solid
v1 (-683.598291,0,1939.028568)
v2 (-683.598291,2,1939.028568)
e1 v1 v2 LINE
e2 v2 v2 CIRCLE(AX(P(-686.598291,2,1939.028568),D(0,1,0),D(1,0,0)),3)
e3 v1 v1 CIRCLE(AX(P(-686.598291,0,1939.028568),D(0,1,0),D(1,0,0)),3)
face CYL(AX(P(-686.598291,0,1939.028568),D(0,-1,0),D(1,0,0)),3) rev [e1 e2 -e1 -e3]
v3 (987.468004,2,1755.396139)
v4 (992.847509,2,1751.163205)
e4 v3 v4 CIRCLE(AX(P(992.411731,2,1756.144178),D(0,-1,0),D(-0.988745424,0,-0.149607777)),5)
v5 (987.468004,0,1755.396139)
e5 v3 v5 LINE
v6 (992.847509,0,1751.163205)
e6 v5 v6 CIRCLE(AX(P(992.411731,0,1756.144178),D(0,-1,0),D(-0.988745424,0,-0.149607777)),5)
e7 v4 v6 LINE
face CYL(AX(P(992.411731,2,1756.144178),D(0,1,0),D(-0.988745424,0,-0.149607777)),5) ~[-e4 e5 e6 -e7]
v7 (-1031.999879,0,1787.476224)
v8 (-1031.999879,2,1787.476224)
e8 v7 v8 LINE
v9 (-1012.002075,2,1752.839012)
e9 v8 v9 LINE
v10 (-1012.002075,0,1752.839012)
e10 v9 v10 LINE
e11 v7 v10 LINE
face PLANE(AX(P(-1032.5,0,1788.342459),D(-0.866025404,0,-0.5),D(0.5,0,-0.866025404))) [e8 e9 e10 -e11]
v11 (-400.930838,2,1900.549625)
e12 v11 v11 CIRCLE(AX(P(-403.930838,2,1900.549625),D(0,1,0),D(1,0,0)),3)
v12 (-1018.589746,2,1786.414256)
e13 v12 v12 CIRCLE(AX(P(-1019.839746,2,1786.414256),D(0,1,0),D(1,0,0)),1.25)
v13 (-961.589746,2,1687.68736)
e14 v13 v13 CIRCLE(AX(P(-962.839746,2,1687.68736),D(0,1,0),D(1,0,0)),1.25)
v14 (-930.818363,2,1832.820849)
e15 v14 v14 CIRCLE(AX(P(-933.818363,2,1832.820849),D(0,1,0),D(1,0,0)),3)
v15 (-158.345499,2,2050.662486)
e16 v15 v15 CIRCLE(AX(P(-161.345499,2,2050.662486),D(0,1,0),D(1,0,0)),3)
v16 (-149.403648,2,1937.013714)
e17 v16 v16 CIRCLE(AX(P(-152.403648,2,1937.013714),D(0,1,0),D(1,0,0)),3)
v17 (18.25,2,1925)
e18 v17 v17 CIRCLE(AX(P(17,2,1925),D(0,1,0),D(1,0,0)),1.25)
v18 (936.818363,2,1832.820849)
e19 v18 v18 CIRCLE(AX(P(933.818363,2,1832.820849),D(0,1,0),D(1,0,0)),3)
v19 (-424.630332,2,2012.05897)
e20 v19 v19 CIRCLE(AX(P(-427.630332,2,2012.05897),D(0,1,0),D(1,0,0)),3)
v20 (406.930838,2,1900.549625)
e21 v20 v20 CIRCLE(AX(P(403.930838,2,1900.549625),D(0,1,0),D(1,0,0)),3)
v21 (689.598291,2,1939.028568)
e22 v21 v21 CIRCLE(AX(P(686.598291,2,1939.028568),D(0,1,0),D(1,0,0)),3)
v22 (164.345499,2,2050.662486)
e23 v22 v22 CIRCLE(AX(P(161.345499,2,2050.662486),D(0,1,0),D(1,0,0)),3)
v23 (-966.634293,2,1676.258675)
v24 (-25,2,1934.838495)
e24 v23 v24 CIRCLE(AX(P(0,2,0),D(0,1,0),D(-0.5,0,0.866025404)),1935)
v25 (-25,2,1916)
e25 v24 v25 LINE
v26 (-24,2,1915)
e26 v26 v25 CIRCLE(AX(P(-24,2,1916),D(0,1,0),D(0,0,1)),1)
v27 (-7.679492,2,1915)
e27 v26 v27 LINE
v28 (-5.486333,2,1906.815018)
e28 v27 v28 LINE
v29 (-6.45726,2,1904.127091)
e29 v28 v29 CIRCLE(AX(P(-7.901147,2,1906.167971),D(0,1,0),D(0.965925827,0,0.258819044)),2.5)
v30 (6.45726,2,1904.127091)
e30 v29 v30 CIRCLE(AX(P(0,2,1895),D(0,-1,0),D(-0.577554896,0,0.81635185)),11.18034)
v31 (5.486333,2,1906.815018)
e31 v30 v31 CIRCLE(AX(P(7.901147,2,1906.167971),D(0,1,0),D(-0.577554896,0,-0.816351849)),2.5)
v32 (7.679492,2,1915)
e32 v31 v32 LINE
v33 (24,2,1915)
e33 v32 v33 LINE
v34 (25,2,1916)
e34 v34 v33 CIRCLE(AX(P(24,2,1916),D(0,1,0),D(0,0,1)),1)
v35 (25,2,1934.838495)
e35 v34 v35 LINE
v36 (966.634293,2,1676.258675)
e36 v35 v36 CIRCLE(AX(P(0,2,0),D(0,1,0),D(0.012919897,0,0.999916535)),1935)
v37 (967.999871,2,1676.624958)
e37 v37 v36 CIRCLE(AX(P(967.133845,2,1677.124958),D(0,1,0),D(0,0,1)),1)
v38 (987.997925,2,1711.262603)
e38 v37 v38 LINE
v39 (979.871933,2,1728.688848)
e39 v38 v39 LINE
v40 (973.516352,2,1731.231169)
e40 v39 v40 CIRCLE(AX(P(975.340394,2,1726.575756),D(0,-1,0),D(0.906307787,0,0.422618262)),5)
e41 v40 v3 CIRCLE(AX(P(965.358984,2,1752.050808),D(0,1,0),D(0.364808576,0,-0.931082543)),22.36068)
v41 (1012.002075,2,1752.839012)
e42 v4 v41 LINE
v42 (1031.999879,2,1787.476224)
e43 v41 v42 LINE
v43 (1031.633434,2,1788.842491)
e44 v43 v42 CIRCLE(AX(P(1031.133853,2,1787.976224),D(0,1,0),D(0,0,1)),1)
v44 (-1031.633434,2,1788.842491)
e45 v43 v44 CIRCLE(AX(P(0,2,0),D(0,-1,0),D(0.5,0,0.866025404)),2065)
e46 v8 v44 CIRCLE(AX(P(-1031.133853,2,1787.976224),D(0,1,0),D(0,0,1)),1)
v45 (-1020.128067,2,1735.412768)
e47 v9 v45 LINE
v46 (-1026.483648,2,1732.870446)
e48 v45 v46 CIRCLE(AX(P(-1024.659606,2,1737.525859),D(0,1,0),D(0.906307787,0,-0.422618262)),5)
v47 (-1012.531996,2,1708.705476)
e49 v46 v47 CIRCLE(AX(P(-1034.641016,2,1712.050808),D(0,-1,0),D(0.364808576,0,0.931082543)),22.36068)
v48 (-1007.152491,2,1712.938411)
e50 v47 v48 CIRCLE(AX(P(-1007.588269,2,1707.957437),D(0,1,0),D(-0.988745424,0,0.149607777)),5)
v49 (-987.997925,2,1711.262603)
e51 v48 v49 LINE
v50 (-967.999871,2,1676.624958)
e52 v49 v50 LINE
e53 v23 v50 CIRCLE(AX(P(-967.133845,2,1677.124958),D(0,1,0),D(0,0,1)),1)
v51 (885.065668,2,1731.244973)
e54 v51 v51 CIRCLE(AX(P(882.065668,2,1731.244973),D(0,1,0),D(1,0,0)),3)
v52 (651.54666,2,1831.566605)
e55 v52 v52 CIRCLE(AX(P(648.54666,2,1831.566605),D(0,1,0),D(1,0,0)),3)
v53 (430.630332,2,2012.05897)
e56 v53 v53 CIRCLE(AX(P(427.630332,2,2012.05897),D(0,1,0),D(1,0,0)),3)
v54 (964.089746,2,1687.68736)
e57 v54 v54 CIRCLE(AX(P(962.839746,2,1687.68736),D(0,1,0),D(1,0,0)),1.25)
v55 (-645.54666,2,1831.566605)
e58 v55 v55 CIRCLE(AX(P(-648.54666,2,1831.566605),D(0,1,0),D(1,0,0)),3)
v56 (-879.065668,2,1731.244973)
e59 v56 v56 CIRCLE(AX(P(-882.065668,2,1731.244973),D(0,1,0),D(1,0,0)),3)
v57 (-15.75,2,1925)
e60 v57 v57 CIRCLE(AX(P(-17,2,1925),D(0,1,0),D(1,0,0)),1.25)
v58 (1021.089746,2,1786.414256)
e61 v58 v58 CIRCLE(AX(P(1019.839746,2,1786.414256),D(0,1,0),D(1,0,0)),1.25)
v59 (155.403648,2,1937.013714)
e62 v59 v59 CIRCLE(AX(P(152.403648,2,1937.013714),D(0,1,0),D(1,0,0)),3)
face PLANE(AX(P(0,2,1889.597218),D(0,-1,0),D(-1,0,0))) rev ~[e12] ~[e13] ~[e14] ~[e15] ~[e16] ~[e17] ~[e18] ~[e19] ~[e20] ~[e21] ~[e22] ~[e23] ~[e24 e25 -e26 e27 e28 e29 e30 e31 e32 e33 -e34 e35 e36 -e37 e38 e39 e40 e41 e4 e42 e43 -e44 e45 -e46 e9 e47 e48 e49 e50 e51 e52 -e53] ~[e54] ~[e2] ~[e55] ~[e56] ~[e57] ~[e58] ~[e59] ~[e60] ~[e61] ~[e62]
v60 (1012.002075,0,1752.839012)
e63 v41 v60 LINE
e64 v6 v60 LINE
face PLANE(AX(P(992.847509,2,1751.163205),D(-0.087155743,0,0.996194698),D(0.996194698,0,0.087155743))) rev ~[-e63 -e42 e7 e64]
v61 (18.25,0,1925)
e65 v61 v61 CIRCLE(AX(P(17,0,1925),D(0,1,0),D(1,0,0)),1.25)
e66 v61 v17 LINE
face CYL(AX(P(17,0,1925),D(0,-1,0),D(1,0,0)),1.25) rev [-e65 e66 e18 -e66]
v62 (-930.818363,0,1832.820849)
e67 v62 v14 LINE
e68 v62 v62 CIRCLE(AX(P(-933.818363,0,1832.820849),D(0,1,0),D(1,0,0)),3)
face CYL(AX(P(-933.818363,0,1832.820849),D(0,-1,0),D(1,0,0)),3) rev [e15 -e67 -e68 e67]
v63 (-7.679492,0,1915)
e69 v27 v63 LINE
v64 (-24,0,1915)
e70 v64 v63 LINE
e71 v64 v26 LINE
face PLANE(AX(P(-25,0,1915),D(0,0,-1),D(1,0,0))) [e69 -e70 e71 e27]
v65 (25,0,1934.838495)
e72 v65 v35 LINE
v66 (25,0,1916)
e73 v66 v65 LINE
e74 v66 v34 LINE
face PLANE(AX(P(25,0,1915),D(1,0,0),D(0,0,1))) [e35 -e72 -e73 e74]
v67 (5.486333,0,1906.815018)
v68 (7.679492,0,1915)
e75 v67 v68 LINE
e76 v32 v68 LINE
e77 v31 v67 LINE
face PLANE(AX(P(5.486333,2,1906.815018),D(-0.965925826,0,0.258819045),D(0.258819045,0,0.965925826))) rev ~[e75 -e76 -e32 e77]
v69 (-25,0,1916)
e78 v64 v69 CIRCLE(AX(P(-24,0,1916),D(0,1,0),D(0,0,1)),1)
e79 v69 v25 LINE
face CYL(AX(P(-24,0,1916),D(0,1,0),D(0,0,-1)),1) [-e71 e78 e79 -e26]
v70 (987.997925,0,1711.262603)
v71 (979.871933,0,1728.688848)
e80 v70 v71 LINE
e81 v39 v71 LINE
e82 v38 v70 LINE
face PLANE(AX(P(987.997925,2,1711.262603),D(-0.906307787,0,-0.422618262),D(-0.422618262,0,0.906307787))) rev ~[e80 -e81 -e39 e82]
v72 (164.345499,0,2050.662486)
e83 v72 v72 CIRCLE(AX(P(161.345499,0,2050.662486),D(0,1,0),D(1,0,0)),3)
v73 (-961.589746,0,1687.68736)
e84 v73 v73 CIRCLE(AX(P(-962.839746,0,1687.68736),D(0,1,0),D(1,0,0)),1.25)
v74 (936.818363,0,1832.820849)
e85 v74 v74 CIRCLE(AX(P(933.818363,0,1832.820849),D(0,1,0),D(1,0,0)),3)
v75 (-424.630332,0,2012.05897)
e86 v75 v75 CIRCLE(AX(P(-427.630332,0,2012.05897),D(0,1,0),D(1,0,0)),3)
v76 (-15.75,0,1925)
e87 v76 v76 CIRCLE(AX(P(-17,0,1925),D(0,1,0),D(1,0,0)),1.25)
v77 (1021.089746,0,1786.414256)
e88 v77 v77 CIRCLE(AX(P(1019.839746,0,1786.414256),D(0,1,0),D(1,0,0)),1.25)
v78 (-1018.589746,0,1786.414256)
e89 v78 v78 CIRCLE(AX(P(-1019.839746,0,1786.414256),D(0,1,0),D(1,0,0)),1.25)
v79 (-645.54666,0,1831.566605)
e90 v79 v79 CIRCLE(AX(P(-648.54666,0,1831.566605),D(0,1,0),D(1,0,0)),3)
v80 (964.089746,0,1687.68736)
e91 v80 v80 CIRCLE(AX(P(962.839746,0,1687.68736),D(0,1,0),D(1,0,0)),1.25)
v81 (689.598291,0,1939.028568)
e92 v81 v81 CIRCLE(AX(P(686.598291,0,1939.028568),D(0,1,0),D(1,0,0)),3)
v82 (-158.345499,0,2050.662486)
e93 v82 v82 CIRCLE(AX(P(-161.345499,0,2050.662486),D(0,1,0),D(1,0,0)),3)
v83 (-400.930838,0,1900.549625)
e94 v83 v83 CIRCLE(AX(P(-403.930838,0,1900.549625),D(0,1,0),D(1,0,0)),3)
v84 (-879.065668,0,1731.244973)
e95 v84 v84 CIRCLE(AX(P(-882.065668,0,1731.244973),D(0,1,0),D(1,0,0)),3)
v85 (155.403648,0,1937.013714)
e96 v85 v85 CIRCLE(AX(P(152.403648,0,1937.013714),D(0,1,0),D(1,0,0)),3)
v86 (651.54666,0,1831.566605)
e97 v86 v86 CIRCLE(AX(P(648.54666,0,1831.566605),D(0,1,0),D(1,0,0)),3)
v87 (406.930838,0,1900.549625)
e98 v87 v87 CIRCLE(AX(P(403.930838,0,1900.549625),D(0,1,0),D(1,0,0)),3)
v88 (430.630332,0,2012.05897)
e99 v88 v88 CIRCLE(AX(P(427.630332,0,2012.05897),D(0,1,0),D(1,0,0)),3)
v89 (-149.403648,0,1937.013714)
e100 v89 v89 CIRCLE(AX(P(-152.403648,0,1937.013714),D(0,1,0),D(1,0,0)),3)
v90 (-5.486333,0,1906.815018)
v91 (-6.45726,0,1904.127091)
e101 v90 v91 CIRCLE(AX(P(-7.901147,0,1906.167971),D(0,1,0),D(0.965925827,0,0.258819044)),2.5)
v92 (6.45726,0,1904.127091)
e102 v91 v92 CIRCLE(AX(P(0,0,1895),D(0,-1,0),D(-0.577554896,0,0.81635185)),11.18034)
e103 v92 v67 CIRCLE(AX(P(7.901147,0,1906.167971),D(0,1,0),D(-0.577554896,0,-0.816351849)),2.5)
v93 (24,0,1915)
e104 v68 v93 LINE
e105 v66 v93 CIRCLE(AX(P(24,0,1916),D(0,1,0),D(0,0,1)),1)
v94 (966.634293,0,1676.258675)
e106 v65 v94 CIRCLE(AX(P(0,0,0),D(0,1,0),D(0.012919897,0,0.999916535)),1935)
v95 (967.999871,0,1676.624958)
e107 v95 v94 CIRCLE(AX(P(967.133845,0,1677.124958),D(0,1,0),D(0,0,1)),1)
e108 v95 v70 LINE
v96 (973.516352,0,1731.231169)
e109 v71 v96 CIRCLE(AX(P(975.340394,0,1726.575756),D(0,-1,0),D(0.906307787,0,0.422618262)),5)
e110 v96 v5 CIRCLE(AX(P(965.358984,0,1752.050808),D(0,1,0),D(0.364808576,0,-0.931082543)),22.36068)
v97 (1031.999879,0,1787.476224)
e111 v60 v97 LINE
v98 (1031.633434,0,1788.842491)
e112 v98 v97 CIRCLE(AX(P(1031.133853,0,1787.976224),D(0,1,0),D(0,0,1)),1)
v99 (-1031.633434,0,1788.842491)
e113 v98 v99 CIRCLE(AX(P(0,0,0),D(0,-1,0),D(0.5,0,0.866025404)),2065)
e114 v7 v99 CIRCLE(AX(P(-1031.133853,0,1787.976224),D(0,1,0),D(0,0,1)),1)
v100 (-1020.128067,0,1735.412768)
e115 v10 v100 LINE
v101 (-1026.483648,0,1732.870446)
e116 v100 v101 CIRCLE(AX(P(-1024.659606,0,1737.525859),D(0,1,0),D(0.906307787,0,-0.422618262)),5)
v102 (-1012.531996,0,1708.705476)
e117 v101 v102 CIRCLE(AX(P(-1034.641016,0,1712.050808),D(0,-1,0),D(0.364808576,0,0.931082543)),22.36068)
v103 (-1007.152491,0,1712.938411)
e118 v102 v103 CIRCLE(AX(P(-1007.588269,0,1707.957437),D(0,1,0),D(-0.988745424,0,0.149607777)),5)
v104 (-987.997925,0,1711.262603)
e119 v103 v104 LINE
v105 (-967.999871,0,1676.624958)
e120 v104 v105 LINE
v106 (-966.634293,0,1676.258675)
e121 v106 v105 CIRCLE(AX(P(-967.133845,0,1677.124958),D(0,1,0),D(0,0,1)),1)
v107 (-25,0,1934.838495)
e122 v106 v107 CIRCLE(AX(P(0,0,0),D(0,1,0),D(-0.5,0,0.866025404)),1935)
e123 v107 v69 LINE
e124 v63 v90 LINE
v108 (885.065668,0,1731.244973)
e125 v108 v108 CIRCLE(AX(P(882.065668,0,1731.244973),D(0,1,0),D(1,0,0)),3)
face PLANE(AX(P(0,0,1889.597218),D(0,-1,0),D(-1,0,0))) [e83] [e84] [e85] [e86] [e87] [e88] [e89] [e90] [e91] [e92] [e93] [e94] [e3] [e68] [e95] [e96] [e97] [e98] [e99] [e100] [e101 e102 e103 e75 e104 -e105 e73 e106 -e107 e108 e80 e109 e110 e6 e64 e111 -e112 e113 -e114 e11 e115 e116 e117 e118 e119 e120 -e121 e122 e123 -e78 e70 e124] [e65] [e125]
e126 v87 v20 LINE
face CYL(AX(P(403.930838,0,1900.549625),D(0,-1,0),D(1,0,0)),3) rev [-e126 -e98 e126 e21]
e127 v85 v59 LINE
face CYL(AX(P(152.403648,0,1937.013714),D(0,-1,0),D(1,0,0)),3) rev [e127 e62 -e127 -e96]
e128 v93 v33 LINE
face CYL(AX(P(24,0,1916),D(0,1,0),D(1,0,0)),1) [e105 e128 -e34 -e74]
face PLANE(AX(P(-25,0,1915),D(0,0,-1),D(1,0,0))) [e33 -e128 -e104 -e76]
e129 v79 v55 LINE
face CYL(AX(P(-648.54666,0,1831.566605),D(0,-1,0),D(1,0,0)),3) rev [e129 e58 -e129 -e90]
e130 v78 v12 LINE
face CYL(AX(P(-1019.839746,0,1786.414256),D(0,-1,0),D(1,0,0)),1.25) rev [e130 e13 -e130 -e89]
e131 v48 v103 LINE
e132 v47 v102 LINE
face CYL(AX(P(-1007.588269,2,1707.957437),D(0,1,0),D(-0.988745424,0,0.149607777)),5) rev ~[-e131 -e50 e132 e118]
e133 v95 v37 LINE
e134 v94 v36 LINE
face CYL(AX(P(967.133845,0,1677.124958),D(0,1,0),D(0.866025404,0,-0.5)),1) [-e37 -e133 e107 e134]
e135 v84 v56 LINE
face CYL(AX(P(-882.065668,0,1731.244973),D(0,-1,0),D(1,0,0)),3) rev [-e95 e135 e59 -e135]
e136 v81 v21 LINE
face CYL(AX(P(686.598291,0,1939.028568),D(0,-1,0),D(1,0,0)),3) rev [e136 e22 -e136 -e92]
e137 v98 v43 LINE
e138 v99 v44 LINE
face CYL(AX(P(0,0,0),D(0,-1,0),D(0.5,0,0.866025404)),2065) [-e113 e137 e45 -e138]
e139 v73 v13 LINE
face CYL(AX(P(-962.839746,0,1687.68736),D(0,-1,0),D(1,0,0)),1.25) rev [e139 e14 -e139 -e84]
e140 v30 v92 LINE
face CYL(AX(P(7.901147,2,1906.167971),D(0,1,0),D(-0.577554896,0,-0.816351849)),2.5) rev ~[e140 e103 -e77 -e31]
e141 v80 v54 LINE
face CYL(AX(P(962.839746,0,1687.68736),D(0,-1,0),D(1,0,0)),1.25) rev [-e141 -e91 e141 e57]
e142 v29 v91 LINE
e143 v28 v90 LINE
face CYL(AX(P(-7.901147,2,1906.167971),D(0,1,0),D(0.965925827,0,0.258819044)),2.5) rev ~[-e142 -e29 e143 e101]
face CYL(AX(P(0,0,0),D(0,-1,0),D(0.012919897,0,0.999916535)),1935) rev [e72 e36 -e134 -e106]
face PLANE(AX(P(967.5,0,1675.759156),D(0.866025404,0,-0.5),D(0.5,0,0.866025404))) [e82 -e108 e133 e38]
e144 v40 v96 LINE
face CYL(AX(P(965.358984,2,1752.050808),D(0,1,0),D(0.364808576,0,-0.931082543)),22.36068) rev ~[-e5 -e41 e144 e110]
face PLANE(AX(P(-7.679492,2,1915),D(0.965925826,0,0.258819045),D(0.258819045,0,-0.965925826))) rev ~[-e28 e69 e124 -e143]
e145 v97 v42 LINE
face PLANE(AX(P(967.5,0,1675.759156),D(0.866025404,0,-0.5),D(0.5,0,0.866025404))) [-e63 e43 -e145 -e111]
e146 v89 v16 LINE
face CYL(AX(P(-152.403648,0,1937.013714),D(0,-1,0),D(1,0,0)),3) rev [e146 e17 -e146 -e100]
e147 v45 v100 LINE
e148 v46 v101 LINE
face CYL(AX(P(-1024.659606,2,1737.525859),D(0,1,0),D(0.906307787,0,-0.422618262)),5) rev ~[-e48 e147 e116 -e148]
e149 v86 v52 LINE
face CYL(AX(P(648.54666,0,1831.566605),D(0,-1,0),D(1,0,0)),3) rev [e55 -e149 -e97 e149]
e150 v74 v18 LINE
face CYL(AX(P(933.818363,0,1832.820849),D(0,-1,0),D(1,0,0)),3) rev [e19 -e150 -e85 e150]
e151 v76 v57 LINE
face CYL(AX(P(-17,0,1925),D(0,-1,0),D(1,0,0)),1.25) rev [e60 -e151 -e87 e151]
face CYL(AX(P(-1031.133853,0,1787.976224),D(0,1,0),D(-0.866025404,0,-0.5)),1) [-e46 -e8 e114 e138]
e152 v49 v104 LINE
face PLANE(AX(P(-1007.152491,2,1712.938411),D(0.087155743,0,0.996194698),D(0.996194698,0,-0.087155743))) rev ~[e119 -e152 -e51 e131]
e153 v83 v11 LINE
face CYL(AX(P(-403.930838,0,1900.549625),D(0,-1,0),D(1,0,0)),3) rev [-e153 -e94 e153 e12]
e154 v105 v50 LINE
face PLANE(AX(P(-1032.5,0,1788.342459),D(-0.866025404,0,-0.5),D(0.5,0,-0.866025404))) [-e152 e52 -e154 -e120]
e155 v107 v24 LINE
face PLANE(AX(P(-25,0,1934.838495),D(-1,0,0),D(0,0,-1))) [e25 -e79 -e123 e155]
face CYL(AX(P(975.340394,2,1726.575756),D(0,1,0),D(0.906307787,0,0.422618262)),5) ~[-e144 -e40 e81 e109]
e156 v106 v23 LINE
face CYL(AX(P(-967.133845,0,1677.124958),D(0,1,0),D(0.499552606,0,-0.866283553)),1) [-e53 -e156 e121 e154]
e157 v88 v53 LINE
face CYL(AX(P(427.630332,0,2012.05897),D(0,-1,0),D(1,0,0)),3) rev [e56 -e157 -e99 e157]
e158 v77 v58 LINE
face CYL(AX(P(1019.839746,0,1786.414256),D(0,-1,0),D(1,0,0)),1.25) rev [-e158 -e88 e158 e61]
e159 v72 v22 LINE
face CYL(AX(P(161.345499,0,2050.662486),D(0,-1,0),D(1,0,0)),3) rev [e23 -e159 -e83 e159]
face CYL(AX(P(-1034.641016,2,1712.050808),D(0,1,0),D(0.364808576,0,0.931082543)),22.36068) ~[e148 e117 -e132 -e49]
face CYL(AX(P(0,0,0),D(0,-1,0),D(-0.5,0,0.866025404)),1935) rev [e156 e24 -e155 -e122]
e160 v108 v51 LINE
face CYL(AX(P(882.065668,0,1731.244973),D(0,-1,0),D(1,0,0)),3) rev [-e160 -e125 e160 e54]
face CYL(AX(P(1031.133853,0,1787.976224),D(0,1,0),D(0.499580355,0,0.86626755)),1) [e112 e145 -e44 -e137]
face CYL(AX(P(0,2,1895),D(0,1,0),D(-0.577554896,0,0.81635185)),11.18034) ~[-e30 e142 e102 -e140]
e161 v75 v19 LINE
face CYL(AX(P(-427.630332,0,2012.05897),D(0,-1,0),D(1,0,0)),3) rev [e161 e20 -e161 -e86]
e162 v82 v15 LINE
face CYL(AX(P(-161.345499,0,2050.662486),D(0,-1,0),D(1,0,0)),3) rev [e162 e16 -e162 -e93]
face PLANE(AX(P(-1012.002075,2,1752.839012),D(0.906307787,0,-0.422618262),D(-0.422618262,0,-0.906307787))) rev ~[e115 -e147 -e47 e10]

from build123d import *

# Parameters (mm, degrees)
SKETCH1_R           = 1.25
SKETCH1_R_2         = 3
BOSS_EXTRUDE2_DEPTH = 2
CUT_EXTRUDE2_DEPTH  = 2
BOSS_EXTRUDE3_DEPTH = 2
FILLET1_R           = 1


with BuildPart() as part:
    # Sketch1 → Boss-Extrude2 (new body)
    with BuildSketch(Plane(origin=(0, 0, 0), x_dir=(1, 0, 0), z_dir=(0, 1, 0))):
        with BuildLine():
            Line((967.5, -1675.759156323), (1032.5, -1788.342458815))
            ThreePointArc((1032.5, -1788.342458815), (0, -2065), (-1032.5, -1788.342458815))
            Line((-1032.5, -1788.342458815), (-967.5, -1675.759156323))
            ThreePointArc((-967.5, -1675.759156323), (-512.878726771, -1865.792167318), (-25, -1934.838494552))
            Line((-25, -1934.838494552), (-25, -1915))
            Line((-25, -1915), (25, -1915))
            Line((25, -1915), (25, -1934.838494552))
            ThreePointArc((25, -1934.838494552), (512.878726771, -1865.792167318), (967.5, -1675.759156323))
        make_face()
        with Locations((-17, -1925)):
            Circle(SKETCH1_R, mode=Mode.SUBTRACT)
        with Locations((17, -1925)):
            Circle(SKETCH1_R, mode=Mode.SUBTRACT)
        with Locations((962.839745962, -1687.687359553)):
            Circle(SKETCH1_R, mode=Mode.SUBTRACT)
        with Locations((1019.839745962, -1786.414255585)):
            Circle(SKETCH1_R, mode=Mode.SUBTRACT)
        with Locations((686.598290691, -1939.028567923)):
            Circle(SKETCH1_R_2, mode=Mode.SUBTRACT)
        with Locations((933.81836271, -1832.820849255)):
            Circle(SKETCH1_R_2, mode=Mode.SUBTRACT)
        with Locations((427.630331557, -2012.058970193)):
            Circle(SKETCH1_R_2, mode=Mode.SUBTRACT)
        with Locations((-1019.839745962, -1786.414255585)):
            Circle(SKETCH1_R, mode=Mode.SUBTRACT)
        with Locations((-962.839745962, -1687.687359553)):
            Circle(SKETCH1_R, mode=Mode.SUBTRACT)
        with Locations((161.345498888, -2050.662485634)):
            Circle(SKETCH1_R_2, mode=Mode.SUBTRACT)
        with Locations((882.06566784, -1731.244973312)):
            Circle(SKETCH1_R_2, mode=Mode.SUBTRACT)
        with Locations((648.546659607, -1831.566605481)):
            Circle(SKETCH1_R_2, mode=Mode.SUBTRACT)
        with Locations((403.930838218, -1900.549625223)):
            Circle(SKETCH1_R_2, mode=Mode.SUBTRACT)
        with Locations((152.403648196, -1937.013713946)):
            Circle(SKETCH1_R_2, mode=Mode.SUBTRACT)
        with Locations((-152.403648196, -1937.013713946)):
            Circle(SKETCH1_R_2, mode=Mode.SUBTRACT)
        with Locations((-403.930838218, -1900.549625223)):
            Circle(SKETCH1_R_2, mode=Mode.SUBTRACT)
        with Locations((-648.546659607, -1831.566605481)):
            Circle(SKETCH1_R_2, mode=Mode.SUBTRACT)
        with Locations((-882.06566784, -1731.244973312)):
            Circle(SKETCH1_R_2, mode=Mode.SUBTRACT)
        with Locations((-161.345498888, -2050.662485634)):
            Circle(SKETCH1_R_2, mode=Mode.SUBTRACT)
        with Locations((-427.630331557, -2012.058970193)):
            Circle(SKETCH1_R_2, mode=Mode.SUBTRACT)
        with Locations((-933.81836271, -1832.820849255)):
            Circle(SKETCH1_R_2, mode=Mode.SUBTRACT)
        with Locations((-686.598290691, -1939.028567923)):
            Circle(SKETCH1_R_2, mode=Mode.SUBTRACT)
    extrude(amount=BOSS_EXTRUDE2_DEPTH)

    # Sketch2 → Cut-Extrude2 (cut)
    with BuildSketch(Plane(origin=(0, 2, 0), x_dir=(1, 0, 0), z_dir=(0, 1, 0))):
        with BuildLine():
            Line((992.847509482, -1751.163204556), (1012.002075382, -1752.839011927))
            Line((1012.002075382, -1752.839011927), (987.997924618, -1711.262603211))
            Line((987.997924618, -1711.262603211), (979.871933423, -1728.688847565))
            ThreePointArc((979.871933423, -1728.688847565), (977.197403711, -1731.218117373), (973.516351606, -1731.231168973))
            ThreePointArc((973.516351606, -1731.231168973), (945.994067118, -1763.231147456), (987.468003649, -1755.396139162))
            ThreePointArc((987.468003649, -1755.396139162), (989.319832718, -1752.214780325), (992.847509482, -1751.163204556))
        make_face()
    extrude(amount=-CUT_EXTRUDE2_DEPTH, mode=Mode.SUBTRACT)

    # Sketch4 → Boss-Extrude3 (add)
    with BuildSketch(Plane(origin=(0, 2, 0), x_dir=(1, 0, 0), z_dir=(0, 1, 0))):
        with BuildLine():
            Line((-1007.152490518, -1712.938410582), (-987.997924618, -1711.262603211))
            Line((-987.997924618, -1711.262603211), (-1012.002075382, -1752.839011927))
            Line((-1012.002075382, -1752.839011927), (-1020.128066577, -1735.412767573))
            ThreePointArc((-1020.128066577, -1735.412767573), (-1022.802596289, -1732.883497764), (-1026.483648394, -1732.870446165))
            ThreePointArc((-1026.483648394, -1732.870446165), (-1054.005932882, -1700.870467681), (-1012.531996351, -1708.705475976))
            ThreePointArc((-1012.531996351, -1708.705475976), (-1010.680167282, -1711.886834812), (-1007.152490518, -1712.938410582))
        make_face()
        with BuildLine():
            Line((5.48633271, -1906.815018385), (7.679491924, -1915))
            Line((7.679491924, -1915), (-7.679491924, -1915))
            Line((-7.679491924, -1915), (-5.48633271, -1906.815018385))
            ThreePointArc((-5.48633271, -1906.815018385), (-5.549842721, -1905.31863757), (-6.457260037, -1904.127091147))
            ThreePointArc((-6.457260037, -1904.127091147), (0, -1883.819660113), (6.457260037, -1904.127091147))
            ThreePointArc((6.457260037, -1904.127091147), (5.549842721, -1905.31863757), (5.48633271, -1906.815018385))
        make_face()
    extrude(amount=-BOSS_EXTRUDE3_DEPTH)

    # Fillet1
    fillet1_edges = [part.edges().sort_by_distance(p)[0] for p in [
        (-1032.5, 1, 1788.342458815),
        (-967.5, 1, 1675.759156323),
        (-25, 1, 1915),
        (25, 1, 1915),
        (967.5, 1, 1675.759156323),
        (1032.5, 1, 1788.342458815),
    ]]
    fillet(fillet1_edges, radius=FILLET1_R)


solid = part.part
